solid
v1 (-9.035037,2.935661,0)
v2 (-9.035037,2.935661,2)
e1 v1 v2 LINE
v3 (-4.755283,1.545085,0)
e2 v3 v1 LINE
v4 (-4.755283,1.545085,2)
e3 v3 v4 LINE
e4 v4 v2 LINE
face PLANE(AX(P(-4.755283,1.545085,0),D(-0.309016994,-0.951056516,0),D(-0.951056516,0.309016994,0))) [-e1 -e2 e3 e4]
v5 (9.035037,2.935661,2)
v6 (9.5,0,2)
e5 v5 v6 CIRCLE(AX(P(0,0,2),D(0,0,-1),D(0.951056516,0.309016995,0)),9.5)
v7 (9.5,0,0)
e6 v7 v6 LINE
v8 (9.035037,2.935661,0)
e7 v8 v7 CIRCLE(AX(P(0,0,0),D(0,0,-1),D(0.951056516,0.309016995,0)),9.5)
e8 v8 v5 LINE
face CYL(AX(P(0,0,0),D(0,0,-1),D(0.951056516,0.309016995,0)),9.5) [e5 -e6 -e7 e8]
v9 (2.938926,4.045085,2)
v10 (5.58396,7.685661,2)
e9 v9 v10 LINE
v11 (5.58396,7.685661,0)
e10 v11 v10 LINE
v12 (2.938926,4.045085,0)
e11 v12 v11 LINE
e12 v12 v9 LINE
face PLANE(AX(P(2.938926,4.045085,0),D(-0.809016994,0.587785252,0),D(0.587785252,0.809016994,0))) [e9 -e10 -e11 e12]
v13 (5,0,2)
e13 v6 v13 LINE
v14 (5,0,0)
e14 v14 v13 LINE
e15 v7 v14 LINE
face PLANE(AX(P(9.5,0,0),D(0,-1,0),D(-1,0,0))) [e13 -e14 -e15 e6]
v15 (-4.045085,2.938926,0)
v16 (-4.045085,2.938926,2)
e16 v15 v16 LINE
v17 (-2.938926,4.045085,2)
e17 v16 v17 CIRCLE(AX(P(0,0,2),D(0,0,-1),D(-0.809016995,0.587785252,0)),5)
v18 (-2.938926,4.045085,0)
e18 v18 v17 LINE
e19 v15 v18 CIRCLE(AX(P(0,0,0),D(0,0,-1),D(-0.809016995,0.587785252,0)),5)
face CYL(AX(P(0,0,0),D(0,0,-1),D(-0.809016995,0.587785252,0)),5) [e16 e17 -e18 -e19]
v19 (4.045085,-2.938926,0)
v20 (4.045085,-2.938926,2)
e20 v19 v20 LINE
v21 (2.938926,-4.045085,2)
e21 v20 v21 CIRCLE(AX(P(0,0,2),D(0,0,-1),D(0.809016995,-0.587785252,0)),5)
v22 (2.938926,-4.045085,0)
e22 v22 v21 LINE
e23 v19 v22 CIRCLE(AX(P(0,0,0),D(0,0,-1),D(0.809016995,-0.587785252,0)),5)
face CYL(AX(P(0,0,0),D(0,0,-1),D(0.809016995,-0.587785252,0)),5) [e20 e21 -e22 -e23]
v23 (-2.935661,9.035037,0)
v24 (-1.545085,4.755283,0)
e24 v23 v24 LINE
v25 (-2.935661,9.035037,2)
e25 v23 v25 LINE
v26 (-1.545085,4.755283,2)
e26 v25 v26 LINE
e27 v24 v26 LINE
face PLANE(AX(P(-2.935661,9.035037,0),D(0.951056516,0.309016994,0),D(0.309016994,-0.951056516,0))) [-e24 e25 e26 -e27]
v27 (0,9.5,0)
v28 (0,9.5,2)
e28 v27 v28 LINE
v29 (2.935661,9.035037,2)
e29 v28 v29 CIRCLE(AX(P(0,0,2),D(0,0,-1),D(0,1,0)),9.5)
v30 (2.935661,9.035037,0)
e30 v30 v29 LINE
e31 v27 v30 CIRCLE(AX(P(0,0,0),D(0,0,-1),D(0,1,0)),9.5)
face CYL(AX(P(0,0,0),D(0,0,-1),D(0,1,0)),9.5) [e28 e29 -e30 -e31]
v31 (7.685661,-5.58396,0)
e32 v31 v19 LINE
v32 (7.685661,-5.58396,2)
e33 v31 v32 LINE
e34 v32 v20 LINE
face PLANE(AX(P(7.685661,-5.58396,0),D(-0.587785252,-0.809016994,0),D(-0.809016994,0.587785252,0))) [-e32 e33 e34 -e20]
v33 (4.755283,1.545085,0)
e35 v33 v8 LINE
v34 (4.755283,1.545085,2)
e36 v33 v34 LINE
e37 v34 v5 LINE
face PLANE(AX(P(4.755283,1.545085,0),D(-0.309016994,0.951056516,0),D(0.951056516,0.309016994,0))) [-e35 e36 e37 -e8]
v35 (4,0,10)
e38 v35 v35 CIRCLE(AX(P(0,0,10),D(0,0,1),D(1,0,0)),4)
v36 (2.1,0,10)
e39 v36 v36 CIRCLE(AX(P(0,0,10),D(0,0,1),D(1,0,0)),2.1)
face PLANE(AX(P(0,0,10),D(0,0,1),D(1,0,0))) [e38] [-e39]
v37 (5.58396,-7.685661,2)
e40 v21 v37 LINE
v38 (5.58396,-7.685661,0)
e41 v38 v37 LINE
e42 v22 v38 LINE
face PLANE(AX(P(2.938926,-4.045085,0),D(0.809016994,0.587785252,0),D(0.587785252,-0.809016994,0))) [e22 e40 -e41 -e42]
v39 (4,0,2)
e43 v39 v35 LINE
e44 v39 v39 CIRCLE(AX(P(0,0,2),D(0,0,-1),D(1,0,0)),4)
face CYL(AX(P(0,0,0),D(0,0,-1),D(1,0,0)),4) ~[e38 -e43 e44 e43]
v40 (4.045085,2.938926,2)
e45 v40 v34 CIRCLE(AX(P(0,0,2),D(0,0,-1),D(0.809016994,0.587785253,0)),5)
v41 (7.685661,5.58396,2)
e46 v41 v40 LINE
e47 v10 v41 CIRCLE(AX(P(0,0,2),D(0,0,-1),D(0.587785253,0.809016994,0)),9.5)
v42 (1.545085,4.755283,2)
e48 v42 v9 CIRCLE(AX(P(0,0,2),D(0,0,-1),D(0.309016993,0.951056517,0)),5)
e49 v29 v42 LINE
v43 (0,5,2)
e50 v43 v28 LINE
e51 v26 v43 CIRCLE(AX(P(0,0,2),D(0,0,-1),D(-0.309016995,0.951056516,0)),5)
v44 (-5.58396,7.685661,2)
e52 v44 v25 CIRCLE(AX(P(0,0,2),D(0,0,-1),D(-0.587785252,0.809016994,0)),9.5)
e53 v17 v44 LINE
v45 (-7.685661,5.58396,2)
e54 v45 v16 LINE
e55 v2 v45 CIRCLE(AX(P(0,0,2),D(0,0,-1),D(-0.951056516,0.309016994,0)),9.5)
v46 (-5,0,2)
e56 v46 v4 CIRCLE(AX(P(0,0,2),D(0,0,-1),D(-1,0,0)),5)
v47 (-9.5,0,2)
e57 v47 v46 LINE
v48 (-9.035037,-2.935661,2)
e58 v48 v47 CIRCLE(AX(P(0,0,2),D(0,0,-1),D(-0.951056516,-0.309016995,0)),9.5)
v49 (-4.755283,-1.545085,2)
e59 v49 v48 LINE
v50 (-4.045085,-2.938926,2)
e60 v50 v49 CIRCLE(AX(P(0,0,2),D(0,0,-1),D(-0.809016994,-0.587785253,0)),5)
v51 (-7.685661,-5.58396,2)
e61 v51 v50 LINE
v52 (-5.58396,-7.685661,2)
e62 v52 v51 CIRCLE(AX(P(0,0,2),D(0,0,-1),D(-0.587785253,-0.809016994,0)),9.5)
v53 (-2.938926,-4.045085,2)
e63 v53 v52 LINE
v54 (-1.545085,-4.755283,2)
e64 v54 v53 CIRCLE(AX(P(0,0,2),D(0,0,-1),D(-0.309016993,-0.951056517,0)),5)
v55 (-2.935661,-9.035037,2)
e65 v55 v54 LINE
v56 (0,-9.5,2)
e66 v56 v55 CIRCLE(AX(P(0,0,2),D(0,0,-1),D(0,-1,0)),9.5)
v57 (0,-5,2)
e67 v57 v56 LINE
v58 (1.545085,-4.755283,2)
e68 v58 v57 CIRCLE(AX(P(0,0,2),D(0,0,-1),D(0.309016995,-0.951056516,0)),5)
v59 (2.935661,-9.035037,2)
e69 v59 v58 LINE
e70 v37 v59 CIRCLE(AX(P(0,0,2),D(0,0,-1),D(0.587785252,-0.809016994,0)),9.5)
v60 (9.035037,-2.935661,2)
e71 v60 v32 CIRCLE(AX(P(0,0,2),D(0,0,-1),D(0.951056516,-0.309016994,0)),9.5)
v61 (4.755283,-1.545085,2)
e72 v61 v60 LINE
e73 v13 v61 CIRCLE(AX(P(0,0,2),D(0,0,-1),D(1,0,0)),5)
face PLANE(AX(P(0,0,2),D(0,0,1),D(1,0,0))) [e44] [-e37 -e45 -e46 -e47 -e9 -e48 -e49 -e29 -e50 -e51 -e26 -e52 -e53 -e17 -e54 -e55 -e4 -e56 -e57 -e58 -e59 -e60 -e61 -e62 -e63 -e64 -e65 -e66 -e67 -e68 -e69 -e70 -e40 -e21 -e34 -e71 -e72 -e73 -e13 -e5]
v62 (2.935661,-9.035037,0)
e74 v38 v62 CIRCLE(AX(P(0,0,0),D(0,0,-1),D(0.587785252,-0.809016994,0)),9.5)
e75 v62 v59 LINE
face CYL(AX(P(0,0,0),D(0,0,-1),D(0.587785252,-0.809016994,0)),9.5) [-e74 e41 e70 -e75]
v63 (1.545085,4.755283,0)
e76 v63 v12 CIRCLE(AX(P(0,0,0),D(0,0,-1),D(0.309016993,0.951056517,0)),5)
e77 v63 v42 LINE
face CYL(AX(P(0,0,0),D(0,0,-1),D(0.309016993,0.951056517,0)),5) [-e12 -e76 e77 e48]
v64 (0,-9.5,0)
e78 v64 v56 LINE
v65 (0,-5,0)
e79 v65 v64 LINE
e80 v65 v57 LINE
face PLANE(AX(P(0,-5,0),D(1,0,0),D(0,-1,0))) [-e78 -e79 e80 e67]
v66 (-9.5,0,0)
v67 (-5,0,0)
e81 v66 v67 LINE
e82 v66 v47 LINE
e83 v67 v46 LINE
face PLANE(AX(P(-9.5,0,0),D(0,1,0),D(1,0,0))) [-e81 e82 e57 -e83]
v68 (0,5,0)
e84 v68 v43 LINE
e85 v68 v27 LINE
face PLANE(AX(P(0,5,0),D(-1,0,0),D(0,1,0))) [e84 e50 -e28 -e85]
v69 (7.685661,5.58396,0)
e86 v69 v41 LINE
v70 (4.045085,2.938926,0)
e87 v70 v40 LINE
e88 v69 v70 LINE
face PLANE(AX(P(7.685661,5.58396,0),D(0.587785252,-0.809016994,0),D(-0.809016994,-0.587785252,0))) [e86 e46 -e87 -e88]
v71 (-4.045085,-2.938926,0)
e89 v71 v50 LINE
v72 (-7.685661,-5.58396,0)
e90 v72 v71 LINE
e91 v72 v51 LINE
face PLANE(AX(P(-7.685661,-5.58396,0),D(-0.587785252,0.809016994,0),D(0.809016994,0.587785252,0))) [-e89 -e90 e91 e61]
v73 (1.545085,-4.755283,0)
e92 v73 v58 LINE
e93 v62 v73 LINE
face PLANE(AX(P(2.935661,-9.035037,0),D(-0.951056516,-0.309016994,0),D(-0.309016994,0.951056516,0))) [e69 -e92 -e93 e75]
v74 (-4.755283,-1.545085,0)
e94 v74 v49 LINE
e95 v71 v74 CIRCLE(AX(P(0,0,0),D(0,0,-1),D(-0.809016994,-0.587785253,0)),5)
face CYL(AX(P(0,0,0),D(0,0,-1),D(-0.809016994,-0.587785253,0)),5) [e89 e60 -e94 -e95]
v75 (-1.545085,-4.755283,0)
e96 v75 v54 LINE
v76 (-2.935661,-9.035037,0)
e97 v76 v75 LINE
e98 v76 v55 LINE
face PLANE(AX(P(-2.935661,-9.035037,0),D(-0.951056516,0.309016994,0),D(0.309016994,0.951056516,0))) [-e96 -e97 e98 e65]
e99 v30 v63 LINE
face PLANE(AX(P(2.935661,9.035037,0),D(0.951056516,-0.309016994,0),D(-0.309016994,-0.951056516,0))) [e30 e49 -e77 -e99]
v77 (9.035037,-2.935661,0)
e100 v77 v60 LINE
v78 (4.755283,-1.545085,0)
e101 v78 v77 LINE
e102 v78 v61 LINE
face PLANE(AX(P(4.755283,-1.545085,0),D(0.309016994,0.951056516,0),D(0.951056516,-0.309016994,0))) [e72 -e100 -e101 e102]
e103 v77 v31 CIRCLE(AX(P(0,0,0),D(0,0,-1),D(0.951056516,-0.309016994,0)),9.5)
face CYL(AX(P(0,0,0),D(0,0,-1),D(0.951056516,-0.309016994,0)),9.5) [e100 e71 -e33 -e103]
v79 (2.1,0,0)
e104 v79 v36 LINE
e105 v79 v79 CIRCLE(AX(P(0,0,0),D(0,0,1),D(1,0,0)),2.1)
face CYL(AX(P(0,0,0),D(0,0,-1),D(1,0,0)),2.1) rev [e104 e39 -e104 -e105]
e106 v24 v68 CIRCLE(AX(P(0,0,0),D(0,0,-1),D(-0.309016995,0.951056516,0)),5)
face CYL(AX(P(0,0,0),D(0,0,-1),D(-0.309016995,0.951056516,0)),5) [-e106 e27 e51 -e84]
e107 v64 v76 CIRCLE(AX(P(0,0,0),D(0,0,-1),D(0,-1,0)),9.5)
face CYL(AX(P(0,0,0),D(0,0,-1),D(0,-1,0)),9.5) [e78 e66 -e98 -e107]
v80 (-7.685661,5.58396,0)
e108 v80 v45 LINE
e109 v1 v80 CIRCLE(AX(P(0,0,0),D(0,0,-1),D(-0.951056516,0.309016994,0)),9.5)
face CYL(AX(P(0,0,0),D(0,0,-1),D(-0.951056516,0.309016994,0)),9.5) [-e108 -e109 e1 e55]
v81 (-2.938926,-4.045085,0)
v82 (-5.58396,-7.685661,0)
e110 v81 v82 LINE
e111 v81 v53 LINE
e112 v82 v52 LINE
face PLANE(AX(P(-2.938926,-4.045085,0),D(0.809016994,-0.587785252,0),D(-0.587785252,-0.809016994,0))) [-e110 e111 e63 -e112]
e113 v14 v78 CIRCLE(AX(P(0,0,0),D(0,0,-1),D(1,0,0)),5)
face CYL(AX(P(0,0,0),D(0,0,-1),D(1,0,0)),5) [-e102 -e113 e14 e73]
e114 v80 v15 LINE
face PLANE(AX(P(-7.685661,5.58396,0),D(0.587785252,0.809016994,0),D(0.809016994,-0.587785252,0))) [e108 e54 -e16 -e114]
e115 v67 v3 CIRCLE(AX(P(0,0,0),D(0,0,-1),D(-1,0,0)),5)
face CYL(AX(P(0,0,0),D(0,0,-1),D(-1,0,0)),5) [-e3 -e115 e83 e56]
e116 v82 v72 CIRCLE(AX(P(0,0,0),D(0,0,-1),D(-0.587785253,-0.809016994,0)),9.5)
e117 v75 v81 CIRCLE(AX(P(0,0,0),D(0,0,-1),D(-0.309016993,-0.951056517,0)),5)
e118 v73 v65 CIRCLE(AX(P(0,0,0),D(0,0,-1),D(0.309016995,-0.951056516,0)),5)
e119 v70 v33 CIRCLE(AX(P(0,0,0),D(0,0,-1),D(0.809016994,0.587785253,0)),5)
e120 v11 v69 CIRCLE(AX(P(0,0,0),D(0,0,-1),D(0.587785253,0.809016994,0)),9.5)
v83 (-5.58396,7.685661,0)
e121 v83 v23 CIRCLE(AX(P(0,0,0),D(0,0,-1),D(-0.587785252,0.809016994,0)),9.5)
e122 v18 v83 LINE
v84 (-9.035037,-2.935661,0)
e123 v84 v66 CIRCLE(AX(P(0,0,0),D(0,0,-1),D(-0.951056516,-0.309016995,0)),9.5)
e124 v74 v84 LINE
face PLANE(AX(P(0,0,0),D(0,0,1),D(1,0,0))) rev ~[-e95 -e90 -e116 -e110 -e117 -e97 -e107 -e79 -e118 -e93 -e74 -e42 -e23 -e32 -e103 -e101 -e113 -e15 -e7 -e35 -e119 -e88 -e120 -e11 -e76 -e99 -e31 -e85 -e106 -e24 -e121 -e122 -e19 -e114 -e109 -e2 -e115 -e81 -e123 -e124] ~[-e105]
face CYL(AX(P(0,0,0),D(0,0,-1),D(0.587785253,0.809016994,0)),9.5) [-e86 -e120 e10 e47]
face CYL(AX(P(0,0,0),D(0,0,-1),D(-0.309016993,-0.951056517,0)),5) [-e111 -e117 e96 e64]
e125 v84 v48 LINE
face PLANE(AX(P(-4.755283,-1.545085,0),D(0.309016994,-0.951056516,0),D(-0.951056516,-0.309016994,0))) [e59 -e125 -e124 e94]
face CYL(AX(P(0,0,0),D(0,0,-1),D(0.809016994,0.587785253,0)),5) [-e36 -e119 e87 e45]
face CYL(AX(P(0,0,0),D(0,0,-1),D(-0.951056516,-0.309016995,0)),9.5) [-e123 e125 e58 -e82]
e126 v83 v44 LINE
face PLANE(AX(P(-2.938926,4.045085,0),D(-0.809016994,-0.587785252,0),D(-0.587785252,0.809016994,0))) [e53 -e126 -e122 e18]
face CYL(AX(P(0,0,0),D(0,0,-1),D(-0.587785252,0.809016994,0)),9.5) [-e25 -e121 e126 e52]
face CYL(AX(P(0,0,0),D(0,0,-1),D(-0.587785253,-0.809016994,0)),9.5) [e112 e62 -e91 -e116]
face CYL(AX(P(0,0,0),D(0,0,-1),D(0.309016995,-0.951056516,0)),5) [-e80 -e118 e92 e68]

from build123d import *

# Parameters (mm, degrees)
ESQUISSE1_R        = 2.1
BOSS_EXTRU_3_DEPTH = 2
ESQUISSE1_3_R      = 4
ESQUISSE1_3_R_2    = 2.1
BOSS_EXTRU_4_DEPTH = 10


with BuildPart() as part:
    # Esquisse1 → Boss.-Extru.3 (new body)
    with BuildSketch(Plane.XY):
        with BuildLine():
            Line((0, 9.5), (0, 5))
            ThreePointArc((0, 5), (-0.782172325, 4.938441703), (-1.545084972, 4.755282581))
            Line((-1.545084972, 4.755282581), (-2.935661447, 9.035036905))
            ThreePointArc((-2.935661447, 9.035036905), (-4.312909748, 8.46456198), (-5.583959897, 7.685661447))
            Line((-5.583959897, 7.685661447), (-2.938926261, 4.045084972))
            ThreePointArc((-2.938926261, 4.045084972), (-3.535533906, 3.535533906), (-4.045084972, 2.938926261))
            Line((-4.045084972, 2.938926261), (-7.685661447, 5.583959897))
            ThreePointArc((-7.685661447, 5.583959897), (-8.46456198, 4.312909748), (-9.035036905, 2.935661447))
            Line((-9.035036905, 2.935661447), (-4.755282581, 1.545084972))
            ThreePointArc((-4.755282581, 1.545084972), (-4.938441703, 0.782172325), (-5, 0))
            Line((-5, 0), (-9.5, 0))
            ThreePointArc((-9.5, 0), (-9.383039236, -1.486127418), (-9.035036905, -2.935661447))
            Line((-9.035036905, -2.935661447), (-4.755282581, -1.545084972))
            ThreePointArc((-4.755282581, -1.545084972), (-4.455032621, -2.269952499), (-4.045084972, -2.938926261))
            Line((-4.045084972, -2.938926261), (-7.685661447, -5.583959897))
            ThreePointArc((-7.685661447, -5.583959897), (-6.717514421, -6.717514421), (-5.583959897, -7.685661447))
            Line((-5.583959897, -7.685661447), (-2.938926261, -4.045084972))
            ThreePointArc((-2.938926261, -4.045084972), (-2.269952499, -4.455032621), (-1.545084972, -4.755282581))
            Line((-1.545084972, -4.755282581), (-2.935661447, -9.035036905))
            ThreePointArc((-2.935661447, -9.035036905), (-1.486127418, -9.383039236), (0, -9.5))
            Line((0, -9.5), (0, -5))
            ThreePointArc((0, -5), (0.782172325, -4.938441703), (1.545084972, -4.755282581))
            Line((1.545084972, -4.755282581), (2.935661447, -9.035036905))
            ThreePointArc((2.935661447, -9.035036905), (4.312909748, -8.46456198), (5.583959897, -7.685661447))
            Line((5.583959897, -7.685661447), (2.938926261, -4.045084972))
            ThreePointArc((2.938926261, -4.045084972), (3.535533906, -3.535533906), (4.045084972, -2.938926261))
            Line((4.045084972, -2.938926261), (7.685661447, -5.583959897))
            ThreePointArc((7.685661447, -5.583959897), (8.46456198, -4.312909748), (9.035036905, -2.935661447))
            Line((9.035036905, -2.935661447), (4.755282581, -1.545084972))
            ThreePointArc((4.755282581, -1.545084972), (4.938441703, -0.782172325), (5, 0))
            Line((5, 0), (9.5, 0))
            ThreePointArc((9.5, 0), (9.383039236, 1.486127418), (9.035036905, 2.935661447))
            Line((9.035036905, 2.935661447), (4.755282581, 1.545084972))
            ThreePointArc((4.755282581, 1.545084972), (4.455032621, 2.269952499), (4.045084972, 2.938926261))
            Line((4.045084972, 2.938926261), (7.685661447, 5.583959897))
            ThreePointArc((7.685661447, 5.583959897), (6.717514421, 6.717514421), (5.583959897, 7.685661447))
            Line((5.583959897, 7.685661447), (2.938926261, 4.045084972))
            ThreePointArc((2.938926261, 4.045084972), (2.269952499, 4.455032621), (1.545084972, 4.755282581))
            Line((1.545084972, 4.755282581), (2.935661447, 9.035036905))
            ThreePointArc((2.935661447, 9.035036905), (1.486127418, 9.383039236), (0, 9.5))
        make_face()
        Circle(ESQUISSE1_R, mode=Mode.SUBTRACT)
    extrude(amount=BOSS_EXTRU_3_DEPTH)

    # Esquisse1<3> → Boss.-Extru.4 (add)
    with BuildSketch(Plane.XY):
        Circle(ESQUISSE1_3_R)
        Circle(ESQUISSE1_3_R_2, mode=Mode.SUBTRACT)
    extrude(amount=BOSS_EXTRU_4_DEPTH)


solid = part.part
